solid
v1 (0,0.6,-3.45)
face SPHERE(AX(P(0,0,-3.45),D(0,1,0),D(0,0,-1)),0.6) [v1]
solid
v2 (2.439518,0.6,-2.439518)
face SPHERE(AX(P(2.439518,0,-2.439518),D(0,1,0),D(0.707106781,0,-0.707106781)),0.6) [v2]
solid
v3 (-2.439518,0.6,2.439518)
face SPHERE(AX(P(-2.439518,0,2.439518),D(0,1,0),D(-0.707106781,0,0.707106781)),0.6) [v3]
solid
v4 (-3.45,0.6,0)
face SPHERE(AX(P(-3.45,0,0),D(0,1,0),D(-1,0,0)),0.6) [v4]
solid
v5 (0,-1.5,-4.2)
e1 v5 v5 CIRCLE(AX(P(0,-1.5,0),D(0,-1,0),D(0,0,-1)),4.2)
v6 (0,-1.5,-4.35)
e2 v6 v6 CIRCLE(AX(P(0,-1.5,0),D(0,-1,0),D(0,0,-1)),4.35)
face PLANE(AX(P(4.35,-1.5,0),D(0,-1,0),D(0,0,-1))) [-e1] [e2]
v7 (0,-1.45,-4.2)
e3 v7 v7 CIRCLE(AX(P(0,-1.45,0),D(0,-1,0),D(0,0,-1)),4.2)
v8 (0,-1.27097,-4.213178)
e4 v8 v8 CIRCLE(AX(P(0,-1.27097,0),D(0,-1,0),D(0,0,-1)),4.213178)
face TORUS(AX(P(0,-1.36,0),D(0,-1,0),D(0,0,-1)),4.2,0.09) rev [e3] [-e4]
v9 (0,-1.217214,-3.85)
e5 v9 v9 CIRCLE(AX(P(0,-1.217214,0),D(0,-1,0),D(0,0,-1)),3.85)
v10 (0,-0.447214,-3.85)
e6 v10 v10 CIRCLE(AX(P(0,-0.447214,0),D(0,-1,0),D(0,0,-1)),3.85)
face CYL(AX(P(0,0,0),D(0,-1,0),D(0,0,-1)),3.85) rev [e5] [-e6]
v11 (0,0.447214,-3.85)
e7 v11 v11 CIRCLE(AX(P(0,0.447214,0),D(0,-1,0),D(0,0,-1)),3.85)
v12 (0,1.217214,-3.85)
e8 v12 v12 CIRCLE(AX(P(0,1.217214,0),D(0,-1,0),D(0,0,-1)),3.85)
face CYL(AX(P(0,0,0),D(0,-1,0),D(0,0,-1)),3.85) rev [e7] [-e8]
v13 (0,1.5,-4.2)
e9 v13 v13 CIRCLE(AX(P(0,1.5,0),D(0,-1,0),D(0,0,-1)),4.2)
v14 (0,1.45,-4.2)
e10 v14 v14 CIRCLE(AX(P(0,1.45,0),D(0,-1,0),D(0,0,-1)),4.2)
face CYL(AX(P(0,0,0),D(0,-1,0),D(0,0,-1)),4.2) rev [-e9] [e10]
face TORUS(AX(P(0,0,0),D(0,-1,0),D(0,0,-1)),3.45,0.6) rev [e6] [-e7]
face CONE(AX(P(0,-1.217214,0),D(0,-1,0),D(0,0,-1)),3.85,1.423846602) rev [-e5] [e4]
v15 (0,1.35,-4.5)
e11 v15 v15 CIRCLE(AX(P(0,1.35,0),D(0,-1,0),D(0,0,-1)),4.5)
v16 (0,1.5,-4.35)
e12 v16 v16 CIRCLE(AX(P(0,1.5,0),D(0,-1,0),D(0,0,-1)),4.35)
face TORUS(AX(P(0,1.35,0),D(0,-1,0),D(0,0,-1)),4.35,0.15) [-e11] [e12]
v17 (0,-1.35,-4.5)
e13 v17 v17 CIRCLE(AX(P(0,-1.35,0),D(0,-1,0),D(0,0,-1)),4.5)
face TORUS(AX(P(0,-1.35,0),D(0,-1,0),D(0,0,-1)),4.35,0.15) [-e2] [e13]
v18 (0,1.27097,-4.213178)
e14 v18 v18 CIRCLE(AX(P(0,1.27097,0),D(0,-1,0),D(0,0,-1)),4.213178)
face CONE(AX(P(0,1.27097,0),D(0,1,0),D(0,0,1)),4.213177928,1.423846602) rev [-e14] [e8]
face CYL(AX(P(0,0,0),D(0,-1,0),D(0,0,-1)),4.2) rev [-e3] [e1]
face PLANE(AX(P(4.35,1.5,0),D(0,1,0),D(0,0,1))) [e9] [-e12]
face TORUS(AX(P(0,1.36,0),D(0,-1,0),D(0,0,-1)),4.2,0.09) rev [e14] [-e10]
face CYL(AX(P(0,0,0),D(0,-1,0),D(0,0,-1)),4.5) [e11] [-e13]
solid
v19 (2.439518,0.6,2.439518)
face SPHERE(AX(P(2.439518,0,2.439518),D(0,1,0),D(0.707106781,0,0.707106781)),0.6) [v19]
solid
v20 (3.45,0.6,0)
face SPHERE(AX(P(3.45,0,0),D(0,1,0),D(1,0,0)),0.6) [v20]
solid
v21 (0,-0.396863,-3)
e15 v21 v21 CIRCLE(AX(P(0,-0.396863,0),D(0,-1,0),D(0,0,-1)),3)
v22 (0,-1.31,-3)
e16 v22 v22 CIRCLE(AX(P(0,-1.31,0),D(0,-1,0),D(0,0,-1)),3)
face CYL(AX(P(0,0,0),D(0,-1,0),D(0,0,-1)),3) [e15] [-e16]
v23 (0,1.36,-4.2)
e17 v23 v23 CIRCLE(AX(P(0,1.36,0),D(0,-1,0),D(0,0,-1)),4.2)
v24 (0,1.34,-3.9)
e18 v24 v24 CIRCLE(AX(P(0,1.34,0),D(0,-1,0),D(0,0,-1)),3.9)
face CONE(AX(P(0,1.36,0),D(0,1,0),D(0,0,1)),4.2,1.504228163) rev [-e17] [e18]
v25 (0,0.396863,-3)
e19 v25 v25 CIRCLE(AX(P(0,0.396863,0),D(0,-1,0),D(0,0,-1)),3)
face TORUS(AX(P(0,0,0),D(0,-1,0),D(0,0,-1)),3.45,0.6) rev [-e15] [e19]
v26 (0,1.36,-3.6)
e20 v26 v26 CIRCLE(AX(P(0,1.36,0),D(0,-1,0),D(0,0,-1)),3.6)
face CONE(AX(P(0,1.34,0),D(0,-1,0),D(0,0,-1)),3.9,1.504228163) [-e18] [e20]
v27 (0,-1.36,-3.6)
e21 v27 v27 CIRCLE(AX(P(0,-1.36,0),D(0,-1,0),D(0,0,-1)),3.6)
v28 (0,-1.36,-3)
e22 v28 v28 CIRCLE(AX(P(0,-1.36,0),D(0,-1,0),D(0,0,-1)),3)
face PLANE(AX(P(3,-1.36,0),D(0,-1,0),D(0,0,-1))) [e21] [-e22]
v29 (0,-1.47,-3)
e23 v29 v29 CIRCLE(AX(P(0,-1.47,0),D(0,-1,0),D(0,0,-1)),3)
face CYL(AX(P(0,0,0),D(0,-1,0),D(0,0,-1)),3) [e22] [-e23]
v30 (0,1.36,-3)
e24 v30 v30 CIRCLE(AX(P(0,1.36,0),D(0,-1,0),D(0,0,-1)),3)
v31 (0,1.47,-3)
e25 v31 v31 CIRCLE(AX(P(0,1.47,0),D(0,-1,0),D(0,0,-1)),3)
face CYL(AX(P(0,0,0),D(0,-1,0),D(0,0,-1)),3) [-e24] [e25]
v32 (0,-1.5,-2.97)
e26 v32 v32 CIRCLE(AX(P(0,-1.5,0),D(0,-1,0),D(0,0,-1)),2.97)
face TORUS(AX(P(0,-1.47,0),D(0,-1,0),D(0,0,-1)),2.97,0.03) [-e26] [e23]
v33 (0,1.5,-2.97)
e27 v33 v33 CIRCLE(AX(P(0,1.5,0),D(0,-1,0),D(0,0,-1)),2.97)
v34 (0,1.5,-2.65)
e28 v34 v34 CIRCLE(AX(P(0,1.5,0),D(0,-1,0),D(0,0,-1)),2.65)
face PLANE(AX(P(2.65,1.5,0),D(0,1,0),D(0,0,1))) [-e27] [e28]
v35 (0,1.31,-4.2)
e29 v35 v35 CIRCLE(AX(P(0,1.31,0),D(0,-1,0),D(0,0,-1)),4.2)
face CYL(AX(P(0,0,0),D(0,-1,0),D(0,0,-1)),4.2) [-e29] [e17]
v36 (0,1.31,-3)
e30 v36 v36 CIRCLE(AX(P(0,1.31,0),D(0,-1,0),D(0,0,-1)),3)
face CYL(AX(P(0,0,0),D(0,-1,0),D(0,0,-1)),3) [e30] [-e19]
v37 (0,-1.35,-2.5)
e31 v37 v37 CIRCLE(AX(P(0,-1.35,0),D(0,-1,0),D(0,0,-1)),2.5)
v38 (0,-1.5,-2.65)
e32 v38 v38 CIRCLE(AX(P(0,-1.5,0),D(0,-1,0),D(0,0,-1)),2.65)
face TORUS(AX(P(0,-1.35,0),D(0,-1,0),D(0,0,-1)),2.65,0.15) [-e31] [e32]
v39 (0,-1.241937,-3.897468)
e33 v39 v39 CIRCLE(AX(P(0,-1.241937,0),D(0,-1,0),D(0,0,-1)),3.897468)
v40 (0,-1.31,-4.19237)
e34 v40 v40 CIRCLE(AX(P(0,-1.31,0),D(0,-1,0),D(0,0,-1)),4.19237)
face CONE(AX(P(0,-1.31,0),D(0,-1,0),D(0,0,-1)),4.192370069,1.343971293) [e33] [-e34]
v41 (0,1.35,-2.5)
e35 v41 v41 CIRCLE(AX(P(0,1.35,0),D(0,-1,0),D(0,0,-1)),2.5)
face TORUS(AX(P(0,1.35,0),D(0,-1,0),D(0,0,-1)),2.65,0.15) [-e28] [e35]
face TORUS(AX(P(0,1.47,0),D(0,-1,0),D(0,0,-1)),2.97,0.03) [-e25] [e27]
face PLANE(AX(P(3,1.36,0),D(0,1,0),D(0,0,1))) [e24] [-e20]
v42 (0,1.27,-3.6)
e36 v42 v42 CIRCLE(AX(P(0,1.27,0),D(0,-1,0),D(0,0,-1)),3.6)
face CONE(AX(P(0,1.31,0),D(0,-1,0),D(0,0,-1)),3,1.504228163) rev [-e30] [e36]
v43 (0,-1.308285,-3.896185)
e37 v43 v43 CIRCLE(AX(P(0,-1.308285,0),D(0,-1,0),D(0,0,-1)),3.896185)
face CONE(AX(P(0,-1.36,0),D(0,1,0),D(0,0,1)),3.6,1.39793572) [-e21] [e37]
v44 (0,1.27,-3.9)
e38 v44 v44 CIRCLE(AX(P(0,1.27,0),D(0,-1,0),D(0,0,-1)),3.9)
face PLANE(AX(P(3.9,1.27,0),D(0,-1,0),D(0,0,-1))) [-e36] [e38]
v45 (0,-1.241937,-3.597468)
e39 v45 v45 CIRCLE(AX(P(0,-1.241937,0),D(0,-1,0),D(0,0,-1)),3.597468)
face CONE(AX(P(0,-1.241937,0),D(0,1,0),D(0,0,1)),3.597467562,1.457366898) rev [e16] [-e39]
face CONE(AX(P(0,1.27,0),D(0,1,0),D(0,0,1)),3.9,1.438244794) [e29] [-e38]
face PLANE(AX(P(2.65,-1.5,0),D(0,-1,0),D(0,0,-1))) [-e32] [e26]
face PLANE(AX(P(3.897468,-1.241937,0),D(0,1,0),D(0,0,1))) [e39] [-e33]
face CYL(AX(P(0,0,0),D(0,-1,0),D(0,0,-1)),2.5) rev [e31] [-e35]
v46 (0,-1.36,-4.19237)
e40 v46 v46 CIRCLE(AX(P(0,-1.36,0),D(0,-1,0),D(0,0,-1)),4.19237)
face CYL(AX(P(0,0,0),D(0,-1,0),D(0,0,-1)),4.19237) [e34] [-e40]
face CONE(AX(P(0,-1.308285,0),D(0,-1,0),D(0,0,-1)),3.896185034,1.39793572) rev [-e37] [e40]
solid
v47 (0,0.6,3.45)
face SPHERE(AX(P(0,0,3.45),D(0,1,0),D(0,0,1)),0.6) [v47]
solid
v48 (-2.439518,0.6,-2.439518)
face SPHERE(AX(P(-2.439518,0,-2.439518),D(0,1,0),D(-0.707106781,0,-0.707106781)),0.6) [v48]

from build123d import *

# Parameters (mm, degrees)
KRUHOV_POLE1_COUNT = 8


with BuildPart() as part:
    # Skica4 → Rotovat2 (revolve)
    with BuildSketch(Plane.XY, mode=Mode.PRIVATE) as rotovat2_sk:
        with BuildLine():
            Line((4.5, 1.35), (4.5, -1.35))
            ThreePointArc((4.5, -1.35), (4.456066017, -1.456066017), (4.35, -1.5))
            Line((4.35, -1.5), (4.2, -1.5))
            Line((4.2, -1.5), (4.2, -1.45))
            ThreePointArc((4.2, -1.45), (4.289757174, -1.366606789), (4.213177928, -1.270969993))
            Line((4.213177928, -1.270969993), (3.85, -1.217213595))
            Line((3.85, -1.217213595), (3.85, -0.447213595))
            ThreePointArc((3.85, -0.447213595), (4.05, 0), (3.85, 0.447213595))
            Line((3.85, 0.447213595), (3.85, 1.217213595))
            Line((3.85, 1.217213595), (4.213177928, 1.270969993))
            ThreePointArc((4.213177928, 1.270969993), (4.289757174, 1.366606789), (4.2, 1.45))
            Line((4.2, 1.45), (4.2, 1.5))
            Line((4.2, 1.5), (4.35, 1.5))
            ThreePointArc((4.35, 1.5), (4.456066017, 1.456066017), (4.5, 1.35))
        make_face()
    revolve(rotovat2_sk.sketch.rotate(Axis((0, 0, 0), (0, 1, 0)), 90), axis=Axis((0, 0, 0), (0, 1, 0)))


with BuildPart() as body_2:
    # Skica5 → Rotovat3 (revolve)
    with BuildSketch(Plane.XY, mode=Mode.PRIVATE) as rotovat3_sk:
        with BuildLine():
            Line((2.5, 1.35), (2.5, -1.35))
            ThreePointArc((2.5, -1.35), (2.543933983, -1.456066017), (2.65, -1.5))
            Line((2.65, -1.5), (2.97, -1.5))
            ThreePointArc((2.97, -1.5), (2.991213203, -1.491213203), (3, -1.47))
            Line((3, -1.47), (3, -1.36))
            Line((3, -1.36), (3.6, -1.36))
            Line((3.6, -1.36), (3.896185034, -1.308285153))
            Line((3.896185034, -1.308285153), (4.192370069, -1.36))
            Line((4.192370069, -1.36), (4.192370069, -1.31))
            Line((4.192370069, -1.31), (3.897467562, -1.241937442))
            Line((3.897467562, -1.241937442), (3.597467562, -1.241937442))
            Line((3.597467562, -1.241937442), (3, -1.31))
            Line((3, -1.31), (3, -0.396862697))
            ThreePointArc((3, -0.396862697), (2.85, 0), (3, 0.396862697))
            Line((3, 0.396862697), (3, 1.31))
            Line((3, 1.31), (3.6, 1.27))
            Line((3.6, 1.27), (3.9, 1.27))
            Line((3.9, 1.27), (4.2, 1.31))
            Line((4.2, 1.31), (4.2, 1.36))
            Line((4.2, 1.36), (3.9, 1.34))
            Line((3.9, 1.34), (3.6, 1.36))
            Line((3.6, 1.36), (3, 1.36))
            Line((3, 1.36), (3, 1.47))
            ThreePointArc((3, 1.47), (2.991213203, 1.491213203), (2.97, 1.5))
            Line((2.97, 1.5), (2.65, 1.5))
            ThreePointArc((2.65, 1.5), (2.543933983, 1.456066017), (2.5, 1.35))
        make_face()
    revolve(rotovat3_sk.sketch.rotate(Axis((0, 0, 0), (0, 1, 0)), 90), axis=Axis((0, 0, 0), (0, 1, 0)))


with BuildPart() as body_3:
    # Skica6 → Rotovat4 (revolve)
    with BuildSketch(Plane.XY):
        with BuildLine():
            Line((3.45, 0.6), (3.45, -0.6))
            ThreePointArc((3.45, -0.6), (4.05, 0), (3.45, 0.6))
        make_face()
    revolve(axis=Axis((3.45, 0.6, 0), (0, -1, 0)))


with BuildPart() as kruhov_pole1_1:
    # Kruhové pole1: pattern copy
    add(body_3.part.rotate(Axis((0, 0, 0), (0, 1, 0)), 1 * 360 / KRUHOV_POLE1_COUNT))


with BuildPart() as kruhov_pole1_2:
    # Kruhové pole1: pattern copy
    add(body_3.part.rotate(Axis((0, 0, 0), (0, 1, 0)), 2 * 360 / KRUHOV_POLE1_COUNT))


with BuildPart() as kruhov_pole1_3:
    # Kruhové pole1: pattern copy
    add(body_3.part.rotate(Axis((0, 0, 0), (0, 1, 0)), 3 * 360 / KRUHOV_POLE1_COUNT))


with BuildPart() as kruhov_pole1_4:
    # Kruhové pole1: pattern copy
    add(body_3.part.rotate(Axis((0, 0, 0), (0, 1, 0)), 4 * 360 / KRUHOV_POLE1_COUNT))


with BuildPart() as kruhov_pole1_5:
    # Kruhové pole1: pattern copy
    add(body_3.part.rotate(Axis((0, 0, 0), (0, 1, 0)), 5 * 360 / KRUHOV_POLE1_COUNT))


with BuildPart() as kruhov_pole1_6:
    # Kruhové pole1: pattern copy
    add(body_3.part.rotate(Axis((0, 0, 0), (0, 1, 0)), 6 * 360 / KRUHOV_POLE1_COUNT))


with BuildPart() as kruhov_pole1_7:
    # Kruhové pole1: pattern copy
    add(body_3.part.rotate(Axis((0, 0, 0), (0, 1, 0)), 7 * 360 / KRUHOV_POLE1_COUNT))


solid = Compound([part.part, body_2.part, body_3.part, kruhov_pole1_1.part, kruhov_pole1_2.part, kruhov_pole1_3.part, kruhov_pole1_4.part, kruhov_pole1_5.part, kruhov_pole1_6.part, kruhov_pole1_7.part])
